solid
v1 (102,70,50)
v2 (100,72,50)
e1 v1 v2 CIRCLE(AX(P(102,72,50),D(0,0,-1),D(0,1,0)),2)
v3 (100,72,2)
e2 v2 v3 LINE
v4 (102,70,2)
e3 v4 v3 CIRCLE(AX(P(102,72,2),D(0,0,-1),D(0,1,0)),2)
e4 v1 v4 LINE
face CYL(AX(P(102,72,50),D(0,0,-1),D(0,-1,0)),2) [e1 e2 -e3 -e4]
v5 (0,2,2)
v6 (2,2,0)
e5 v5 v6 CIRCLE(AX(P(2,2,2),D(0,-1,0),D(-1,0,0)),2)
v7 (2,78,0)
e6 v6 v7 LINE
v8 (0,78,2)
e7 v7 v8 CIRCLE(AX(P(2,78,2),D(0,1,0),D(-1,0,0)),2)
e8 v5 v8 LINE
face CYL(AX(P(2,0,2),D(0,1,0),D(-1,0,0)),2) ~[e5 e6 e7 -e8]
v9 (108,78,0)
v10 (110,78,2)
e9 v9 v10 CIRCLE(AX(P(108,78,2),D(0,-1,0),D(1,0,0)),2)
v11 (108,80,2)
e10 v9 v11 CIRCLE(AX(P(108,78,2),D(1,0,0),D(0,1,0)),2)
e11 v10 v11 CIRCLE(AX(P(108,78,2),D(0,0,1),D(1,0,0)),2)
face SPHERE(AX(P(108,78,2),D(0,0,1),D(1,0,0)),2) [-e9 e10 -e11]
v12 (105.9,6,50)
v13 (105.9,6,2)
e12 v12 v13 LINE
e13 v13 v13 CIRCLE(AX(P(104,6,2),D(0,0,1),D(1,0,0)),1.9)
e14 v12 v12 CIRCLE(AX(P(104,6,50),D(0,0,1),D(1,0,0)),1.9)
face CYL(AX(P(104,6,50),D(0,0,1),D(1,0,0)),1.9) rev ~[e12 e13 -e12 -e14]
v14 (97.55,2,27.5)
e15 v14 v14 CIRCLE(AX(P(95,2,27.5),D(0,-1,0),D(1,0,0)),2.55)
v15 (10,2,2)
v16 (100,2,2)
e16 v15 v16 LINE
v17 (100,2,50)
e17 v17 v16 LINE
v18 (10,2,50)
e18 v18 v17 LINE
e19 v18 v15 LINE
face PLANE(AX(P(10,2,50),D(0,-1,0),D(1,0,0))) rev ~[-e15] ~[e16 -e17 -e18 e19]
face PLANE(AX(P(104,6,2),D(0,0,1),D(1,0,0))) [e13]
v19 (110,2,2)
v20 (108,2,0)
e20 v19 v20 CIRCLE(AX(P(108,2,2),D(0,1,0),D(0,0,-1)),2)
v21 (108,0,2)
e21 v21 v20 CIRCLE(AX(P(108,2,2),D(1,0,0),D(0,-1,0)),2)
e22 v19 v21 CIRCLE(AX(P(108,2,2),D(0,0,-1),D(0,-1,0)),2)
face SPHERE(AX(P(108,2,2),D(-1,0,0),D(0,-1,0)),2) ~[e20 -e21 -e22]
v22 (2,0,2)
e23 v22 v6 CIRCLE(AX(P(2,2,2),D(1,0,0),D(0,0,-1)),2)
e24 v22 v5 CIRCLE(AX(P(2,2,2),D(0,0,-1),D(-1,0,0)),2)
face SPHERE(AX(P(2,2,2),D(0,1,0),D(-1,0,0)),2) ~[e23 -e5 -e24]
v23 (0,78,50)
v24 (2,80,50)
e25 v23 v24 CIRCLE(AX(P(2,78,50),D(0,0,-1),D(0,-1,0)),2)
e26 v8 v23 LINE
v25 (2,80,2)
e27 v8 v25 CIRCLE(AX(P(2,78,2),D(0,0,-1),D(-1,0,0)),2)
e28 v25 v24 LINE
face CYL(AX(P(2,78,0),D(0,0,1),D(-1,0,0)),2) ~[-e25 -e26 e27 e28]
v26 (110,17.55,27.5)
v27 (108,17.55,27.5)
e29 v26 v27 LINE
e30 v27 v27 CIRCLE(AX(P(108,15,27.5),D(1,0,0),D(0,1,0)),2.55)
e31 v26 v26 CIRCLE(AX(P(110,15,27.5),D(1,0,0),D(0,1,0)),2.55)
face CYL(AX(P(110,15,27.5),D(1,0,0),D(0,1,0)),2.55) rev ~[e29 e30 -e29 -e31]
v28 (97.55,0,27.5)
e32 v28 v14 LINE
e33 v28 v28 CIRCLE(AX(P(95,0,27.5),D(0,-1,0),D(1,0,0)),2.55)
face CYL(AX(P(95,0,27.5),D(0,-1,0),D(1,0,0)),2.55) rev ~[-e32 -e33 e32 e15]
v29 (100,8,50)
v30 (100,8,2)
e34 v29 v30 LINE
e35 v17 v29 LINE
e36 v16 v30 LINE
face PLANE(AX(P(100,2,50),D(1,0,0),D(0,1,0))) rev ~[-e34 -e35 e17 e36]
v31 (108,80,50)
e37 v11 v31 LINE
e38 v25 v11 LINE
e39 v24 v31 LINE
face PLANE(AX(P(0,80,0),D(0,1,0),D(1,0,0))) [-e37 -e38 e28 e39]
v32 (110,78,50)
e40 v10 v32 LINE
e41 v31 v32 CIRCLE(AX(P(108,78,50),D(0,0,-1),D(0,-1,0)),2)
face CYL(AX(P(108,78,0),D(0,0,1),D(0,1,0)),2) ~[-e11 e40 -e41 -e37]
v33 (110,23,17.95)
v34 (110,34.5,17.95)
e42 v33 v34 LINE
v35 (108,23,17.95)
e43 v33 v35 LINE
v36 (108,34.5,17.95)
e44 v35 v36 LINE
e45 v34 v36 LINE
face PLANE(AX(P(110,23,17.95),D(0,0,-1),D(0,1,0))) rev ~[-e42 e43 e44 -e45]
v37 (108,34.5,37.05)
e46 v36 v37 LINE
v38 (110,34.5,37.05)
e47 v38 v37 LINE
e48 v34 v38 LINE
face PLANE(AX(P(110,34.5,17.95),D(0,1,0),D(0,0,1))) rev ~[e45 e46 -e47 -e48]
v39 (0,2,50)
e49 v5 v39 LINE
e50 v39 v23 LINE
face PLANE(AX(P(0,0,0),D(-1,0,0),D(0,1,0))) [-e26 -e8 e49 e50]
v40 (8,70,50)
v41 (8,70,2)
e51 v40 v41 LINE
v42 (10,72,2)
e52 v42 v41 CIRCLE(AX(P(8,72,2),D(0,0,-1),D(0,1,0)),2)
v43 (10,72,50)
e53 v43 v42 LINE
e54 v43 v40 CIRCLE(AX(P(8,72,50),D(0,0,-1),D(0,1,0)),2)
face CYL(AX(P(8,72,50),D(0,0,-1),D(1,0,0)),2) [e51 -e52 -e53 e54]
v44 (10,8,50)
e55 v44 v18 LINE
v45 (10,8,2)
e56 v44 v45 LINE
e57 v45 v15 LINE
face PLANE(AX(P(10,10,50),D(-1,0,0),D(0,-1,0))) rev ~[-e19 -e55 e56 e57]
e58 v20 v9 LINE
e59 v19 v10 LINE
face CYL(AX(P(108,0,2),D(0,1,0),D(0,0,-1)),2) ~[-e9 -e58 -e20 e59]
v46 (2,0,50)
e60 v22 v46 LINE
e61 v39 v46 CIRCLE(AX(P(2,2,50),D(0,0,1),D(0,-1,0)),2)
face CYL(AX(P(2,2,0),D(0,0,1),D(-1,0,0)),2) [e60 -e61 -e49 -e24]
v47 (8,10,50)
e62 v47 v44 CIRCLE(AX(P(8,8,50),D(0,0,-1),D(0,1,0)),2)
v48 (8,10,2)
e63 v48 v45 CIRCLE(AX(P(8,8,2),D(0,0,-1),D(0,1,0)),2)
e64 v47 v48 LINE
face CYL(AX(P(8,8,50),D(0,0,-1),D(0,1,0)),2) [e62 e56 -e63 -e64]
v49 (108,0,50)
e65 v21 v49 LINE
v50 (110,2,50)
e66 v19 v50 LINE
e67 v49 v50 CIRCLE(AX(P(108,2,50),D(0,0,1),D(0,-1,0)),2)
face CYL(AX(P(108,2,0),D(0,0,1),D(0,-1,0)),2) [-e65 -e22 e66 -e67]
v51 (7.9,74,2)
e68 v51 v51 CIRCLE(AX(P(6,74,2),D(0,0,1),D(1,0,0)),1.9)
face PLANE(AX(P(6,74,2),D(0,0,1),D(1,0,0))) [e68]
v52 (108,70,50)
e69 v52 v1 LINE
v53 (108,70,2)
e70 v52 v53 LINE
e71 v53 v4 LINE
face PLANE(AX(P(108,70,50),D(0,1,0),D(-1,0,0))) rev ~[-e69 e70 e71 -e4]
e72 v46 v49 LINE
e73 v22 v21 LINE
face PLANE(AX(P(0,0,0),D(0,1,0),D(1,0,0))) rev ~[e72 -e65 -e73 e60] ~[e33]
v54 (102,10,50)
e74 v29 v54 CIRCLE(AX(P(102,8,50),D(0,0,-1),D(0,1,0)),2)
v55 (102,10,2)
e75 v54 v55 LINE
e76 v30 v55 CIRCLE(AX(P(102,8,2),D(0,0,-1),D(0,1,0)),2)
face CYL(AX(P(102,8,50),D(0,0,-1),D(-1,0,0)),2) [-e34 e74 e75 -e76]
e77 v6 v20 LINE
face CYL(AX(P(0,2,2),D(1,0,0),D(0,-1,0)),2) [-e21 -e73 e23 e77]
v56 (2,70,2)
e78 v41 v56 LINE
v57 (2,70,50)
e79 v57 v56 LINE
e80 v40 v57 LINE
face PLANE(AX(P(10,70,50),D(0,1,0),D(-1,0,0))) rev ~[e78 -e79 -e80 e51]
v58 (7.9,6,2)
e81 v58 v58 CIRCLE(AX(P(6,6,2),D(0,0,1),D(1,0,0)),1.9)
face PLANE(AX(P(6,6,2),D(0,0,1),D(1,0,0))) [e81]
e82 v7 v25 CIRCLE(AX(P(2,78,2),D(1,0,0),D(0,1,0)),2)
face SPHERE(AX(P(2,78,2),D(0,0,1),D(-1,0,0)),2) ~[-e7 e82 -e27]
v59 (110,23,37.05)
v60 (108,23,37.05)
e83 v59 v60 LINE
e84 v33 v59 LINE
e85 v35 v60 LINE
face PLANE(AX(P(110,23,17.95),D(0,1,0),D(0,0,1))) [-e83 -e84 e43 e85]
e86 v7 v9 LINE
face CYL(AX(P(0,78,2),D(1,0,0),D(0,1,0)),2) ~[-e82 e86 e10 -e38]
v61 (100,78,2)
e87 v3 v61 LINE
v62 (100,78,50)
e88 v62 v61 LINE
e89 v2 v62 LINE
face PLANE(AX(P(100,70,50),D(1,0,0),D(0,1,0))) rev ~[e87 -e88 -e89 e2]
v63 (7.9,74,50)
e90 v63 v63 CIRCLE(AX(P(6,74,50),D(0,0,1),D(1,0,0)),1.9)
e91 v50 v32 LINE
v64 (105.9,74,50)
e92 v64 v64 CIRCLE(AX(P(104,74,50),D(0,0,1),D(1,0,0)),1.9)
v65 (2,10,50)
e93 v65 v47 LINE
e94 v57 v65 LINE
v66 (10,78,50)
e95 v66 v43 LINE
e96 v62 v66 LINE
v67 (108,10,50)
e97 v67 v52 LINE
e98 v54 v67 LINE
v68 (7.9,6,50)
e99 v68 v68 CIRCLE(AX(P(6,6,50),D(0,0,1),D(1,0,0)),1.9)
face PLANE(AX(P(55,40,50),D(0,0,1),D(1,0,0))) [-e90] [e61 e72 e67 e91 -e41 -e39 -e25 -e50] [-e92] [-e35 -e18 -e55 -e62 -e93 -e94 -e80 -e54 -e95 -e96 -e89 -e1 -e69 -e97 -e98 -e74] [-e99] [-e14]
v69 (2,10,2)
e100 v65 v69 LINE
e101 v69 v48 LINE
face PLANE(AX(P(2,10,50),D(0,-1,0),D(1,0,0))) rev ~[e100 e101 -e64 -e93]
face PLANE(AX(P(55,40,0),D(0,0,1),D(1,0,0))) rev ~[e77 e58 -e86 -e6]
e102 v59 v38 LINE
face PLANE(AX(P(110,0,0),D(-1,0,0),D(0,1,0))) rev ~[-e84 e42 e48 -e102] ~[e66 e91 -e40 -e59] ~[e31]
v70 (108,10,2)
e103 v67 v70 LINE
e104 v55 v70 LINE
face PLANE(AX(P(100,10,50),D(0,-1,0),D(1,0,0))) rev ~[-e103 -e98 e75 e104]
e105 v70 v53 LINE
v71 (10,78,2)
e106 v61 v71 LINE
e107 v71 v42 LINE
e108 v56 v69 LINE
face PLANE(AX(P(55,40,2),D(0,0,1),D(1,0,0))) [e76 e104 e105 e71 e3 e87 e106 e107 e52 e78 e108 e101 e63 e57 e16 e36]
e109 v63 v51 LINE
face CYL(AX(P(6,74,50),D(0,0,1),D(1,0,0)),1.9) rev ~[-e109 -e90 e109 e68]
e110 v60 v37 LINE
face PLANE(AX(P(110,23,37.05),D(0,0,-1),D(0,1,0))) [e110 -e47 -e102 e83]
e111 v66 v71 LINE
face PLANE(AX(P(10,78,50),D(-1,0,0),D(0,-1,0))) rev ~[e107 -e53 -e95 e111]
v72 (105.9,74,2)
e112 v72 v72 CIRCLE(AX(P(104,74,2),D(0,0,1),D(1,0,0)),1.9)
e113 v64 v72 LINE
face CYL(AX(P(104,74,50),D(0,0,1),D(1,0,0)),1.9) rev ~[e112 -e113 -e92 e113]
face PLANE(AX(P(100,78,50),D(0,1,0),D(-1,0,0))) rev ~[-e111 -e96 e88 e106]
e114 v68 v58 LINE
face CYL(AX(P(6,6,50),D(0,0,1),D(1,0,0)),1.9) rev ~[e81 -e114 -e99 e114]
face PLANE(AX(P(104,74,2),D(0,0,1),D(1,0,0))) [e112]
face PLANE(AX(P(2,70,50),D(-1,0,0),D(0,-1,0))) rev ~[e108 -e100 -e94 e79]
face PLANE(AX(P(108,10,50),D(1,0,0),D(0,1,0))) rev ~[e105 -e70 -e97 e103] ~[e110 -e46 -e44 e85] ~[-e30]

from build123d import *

# Parameters (mm, degrees)
SKETCH_W        = 110
SKETCH_H        = 80
PAD_DEPTH       = 50
SKETCH001_R     = 1.9
POCKET_DEPTH    = 48
FILLET_R        = 2
FILLET001_R     = 2
SKETCH002_R     = 2.55
SKETCH002_W     = 11.5
SKETCH002_H     = 19.1
POCKET001_DEPTH = 5
SKETCH003_R     = 2.55
POCKET002_DEPTH = 5


with BuildPart() as part:
    # Sketch → Pad (new body)
    with BuildSketch(Plane.XY):
        with Locations((55, 40)):
            Rectangle(SKETCH_W, SKETCH_H)
    extrude(amount=PAD_DEPTH)

    # Sketch001 (on Face6 of Pad) → Pocket (cut)
    with BuildSketch(Plane.XY.offset(50)):
        with Locations((6, 74)):
            Circle(SKETCH001_R)
        with Locations((104, 74)):
            Circle(SKETCH001_R)
        with Locations((104, 6)):
            Circle(SKETCH001_R)
        with Locations((6, 6)):
            Circle(SKETCH001_R)
        Polygon((2, 10), (10, 10), (10, 2), (100, 2), (100, 10), (108, 10), (108, 70), (100, 70), (100, 78), (10, 78), (10, 70), (2, 70), align=None)
    extrude(amount=-POCKET_DEPTH, mode=Mode.SUBTRACT)

    # Fillet
    fillet_edges = [part.edges().sort_by_distance(p)[0] for p in [
        (0, 80, 25),
        (0, 40, 0),
        (0, 0, 25),
        (55, 0, 0),
        (110, 0, 25),
        (110, 80, 25),
        (110, 40, 0),
        (55, 80, 0),
    ]]
    fillet(fillet_edges, radius=FILLET_R)

    # Fillet001
    fillet001_edges = [part.edges().sort_by_distance(p)[0] for p in [
        (100, 10, 26),
        (100, 70, 26),
        (10, 70, 26),
        (10, 10, 26),
    ]]
    fillet(fillet001_edges, radius=FILLET001_R)

    # Sketch002 (on Face22 of Fillet001) → Pocket001 (cut)
    with BuildSketch(Plane.YZ.offset(110)):
        with Locations((15, 27.5)):
            Circle(SKETCH002_R)
        with Locations((28.75, 27.5)):
            Rectangle(SKETCH002_W, SKETCH002_H)
    extrude(amount=-POCKET001_DEPTH, mode=Mode.SUBTRACT)

    # Sketch003 (on Face18 of Pocket001) → Pocket002 (cut)
    with BuildSketch(Plane.XZ):
        with Locations((95, 27.5)):
            Circle(SKETCH003_R)
    extrude(amount=-POCKET002_DEPTH, mode=Mode.SUBTRACT)


solid = part.part
